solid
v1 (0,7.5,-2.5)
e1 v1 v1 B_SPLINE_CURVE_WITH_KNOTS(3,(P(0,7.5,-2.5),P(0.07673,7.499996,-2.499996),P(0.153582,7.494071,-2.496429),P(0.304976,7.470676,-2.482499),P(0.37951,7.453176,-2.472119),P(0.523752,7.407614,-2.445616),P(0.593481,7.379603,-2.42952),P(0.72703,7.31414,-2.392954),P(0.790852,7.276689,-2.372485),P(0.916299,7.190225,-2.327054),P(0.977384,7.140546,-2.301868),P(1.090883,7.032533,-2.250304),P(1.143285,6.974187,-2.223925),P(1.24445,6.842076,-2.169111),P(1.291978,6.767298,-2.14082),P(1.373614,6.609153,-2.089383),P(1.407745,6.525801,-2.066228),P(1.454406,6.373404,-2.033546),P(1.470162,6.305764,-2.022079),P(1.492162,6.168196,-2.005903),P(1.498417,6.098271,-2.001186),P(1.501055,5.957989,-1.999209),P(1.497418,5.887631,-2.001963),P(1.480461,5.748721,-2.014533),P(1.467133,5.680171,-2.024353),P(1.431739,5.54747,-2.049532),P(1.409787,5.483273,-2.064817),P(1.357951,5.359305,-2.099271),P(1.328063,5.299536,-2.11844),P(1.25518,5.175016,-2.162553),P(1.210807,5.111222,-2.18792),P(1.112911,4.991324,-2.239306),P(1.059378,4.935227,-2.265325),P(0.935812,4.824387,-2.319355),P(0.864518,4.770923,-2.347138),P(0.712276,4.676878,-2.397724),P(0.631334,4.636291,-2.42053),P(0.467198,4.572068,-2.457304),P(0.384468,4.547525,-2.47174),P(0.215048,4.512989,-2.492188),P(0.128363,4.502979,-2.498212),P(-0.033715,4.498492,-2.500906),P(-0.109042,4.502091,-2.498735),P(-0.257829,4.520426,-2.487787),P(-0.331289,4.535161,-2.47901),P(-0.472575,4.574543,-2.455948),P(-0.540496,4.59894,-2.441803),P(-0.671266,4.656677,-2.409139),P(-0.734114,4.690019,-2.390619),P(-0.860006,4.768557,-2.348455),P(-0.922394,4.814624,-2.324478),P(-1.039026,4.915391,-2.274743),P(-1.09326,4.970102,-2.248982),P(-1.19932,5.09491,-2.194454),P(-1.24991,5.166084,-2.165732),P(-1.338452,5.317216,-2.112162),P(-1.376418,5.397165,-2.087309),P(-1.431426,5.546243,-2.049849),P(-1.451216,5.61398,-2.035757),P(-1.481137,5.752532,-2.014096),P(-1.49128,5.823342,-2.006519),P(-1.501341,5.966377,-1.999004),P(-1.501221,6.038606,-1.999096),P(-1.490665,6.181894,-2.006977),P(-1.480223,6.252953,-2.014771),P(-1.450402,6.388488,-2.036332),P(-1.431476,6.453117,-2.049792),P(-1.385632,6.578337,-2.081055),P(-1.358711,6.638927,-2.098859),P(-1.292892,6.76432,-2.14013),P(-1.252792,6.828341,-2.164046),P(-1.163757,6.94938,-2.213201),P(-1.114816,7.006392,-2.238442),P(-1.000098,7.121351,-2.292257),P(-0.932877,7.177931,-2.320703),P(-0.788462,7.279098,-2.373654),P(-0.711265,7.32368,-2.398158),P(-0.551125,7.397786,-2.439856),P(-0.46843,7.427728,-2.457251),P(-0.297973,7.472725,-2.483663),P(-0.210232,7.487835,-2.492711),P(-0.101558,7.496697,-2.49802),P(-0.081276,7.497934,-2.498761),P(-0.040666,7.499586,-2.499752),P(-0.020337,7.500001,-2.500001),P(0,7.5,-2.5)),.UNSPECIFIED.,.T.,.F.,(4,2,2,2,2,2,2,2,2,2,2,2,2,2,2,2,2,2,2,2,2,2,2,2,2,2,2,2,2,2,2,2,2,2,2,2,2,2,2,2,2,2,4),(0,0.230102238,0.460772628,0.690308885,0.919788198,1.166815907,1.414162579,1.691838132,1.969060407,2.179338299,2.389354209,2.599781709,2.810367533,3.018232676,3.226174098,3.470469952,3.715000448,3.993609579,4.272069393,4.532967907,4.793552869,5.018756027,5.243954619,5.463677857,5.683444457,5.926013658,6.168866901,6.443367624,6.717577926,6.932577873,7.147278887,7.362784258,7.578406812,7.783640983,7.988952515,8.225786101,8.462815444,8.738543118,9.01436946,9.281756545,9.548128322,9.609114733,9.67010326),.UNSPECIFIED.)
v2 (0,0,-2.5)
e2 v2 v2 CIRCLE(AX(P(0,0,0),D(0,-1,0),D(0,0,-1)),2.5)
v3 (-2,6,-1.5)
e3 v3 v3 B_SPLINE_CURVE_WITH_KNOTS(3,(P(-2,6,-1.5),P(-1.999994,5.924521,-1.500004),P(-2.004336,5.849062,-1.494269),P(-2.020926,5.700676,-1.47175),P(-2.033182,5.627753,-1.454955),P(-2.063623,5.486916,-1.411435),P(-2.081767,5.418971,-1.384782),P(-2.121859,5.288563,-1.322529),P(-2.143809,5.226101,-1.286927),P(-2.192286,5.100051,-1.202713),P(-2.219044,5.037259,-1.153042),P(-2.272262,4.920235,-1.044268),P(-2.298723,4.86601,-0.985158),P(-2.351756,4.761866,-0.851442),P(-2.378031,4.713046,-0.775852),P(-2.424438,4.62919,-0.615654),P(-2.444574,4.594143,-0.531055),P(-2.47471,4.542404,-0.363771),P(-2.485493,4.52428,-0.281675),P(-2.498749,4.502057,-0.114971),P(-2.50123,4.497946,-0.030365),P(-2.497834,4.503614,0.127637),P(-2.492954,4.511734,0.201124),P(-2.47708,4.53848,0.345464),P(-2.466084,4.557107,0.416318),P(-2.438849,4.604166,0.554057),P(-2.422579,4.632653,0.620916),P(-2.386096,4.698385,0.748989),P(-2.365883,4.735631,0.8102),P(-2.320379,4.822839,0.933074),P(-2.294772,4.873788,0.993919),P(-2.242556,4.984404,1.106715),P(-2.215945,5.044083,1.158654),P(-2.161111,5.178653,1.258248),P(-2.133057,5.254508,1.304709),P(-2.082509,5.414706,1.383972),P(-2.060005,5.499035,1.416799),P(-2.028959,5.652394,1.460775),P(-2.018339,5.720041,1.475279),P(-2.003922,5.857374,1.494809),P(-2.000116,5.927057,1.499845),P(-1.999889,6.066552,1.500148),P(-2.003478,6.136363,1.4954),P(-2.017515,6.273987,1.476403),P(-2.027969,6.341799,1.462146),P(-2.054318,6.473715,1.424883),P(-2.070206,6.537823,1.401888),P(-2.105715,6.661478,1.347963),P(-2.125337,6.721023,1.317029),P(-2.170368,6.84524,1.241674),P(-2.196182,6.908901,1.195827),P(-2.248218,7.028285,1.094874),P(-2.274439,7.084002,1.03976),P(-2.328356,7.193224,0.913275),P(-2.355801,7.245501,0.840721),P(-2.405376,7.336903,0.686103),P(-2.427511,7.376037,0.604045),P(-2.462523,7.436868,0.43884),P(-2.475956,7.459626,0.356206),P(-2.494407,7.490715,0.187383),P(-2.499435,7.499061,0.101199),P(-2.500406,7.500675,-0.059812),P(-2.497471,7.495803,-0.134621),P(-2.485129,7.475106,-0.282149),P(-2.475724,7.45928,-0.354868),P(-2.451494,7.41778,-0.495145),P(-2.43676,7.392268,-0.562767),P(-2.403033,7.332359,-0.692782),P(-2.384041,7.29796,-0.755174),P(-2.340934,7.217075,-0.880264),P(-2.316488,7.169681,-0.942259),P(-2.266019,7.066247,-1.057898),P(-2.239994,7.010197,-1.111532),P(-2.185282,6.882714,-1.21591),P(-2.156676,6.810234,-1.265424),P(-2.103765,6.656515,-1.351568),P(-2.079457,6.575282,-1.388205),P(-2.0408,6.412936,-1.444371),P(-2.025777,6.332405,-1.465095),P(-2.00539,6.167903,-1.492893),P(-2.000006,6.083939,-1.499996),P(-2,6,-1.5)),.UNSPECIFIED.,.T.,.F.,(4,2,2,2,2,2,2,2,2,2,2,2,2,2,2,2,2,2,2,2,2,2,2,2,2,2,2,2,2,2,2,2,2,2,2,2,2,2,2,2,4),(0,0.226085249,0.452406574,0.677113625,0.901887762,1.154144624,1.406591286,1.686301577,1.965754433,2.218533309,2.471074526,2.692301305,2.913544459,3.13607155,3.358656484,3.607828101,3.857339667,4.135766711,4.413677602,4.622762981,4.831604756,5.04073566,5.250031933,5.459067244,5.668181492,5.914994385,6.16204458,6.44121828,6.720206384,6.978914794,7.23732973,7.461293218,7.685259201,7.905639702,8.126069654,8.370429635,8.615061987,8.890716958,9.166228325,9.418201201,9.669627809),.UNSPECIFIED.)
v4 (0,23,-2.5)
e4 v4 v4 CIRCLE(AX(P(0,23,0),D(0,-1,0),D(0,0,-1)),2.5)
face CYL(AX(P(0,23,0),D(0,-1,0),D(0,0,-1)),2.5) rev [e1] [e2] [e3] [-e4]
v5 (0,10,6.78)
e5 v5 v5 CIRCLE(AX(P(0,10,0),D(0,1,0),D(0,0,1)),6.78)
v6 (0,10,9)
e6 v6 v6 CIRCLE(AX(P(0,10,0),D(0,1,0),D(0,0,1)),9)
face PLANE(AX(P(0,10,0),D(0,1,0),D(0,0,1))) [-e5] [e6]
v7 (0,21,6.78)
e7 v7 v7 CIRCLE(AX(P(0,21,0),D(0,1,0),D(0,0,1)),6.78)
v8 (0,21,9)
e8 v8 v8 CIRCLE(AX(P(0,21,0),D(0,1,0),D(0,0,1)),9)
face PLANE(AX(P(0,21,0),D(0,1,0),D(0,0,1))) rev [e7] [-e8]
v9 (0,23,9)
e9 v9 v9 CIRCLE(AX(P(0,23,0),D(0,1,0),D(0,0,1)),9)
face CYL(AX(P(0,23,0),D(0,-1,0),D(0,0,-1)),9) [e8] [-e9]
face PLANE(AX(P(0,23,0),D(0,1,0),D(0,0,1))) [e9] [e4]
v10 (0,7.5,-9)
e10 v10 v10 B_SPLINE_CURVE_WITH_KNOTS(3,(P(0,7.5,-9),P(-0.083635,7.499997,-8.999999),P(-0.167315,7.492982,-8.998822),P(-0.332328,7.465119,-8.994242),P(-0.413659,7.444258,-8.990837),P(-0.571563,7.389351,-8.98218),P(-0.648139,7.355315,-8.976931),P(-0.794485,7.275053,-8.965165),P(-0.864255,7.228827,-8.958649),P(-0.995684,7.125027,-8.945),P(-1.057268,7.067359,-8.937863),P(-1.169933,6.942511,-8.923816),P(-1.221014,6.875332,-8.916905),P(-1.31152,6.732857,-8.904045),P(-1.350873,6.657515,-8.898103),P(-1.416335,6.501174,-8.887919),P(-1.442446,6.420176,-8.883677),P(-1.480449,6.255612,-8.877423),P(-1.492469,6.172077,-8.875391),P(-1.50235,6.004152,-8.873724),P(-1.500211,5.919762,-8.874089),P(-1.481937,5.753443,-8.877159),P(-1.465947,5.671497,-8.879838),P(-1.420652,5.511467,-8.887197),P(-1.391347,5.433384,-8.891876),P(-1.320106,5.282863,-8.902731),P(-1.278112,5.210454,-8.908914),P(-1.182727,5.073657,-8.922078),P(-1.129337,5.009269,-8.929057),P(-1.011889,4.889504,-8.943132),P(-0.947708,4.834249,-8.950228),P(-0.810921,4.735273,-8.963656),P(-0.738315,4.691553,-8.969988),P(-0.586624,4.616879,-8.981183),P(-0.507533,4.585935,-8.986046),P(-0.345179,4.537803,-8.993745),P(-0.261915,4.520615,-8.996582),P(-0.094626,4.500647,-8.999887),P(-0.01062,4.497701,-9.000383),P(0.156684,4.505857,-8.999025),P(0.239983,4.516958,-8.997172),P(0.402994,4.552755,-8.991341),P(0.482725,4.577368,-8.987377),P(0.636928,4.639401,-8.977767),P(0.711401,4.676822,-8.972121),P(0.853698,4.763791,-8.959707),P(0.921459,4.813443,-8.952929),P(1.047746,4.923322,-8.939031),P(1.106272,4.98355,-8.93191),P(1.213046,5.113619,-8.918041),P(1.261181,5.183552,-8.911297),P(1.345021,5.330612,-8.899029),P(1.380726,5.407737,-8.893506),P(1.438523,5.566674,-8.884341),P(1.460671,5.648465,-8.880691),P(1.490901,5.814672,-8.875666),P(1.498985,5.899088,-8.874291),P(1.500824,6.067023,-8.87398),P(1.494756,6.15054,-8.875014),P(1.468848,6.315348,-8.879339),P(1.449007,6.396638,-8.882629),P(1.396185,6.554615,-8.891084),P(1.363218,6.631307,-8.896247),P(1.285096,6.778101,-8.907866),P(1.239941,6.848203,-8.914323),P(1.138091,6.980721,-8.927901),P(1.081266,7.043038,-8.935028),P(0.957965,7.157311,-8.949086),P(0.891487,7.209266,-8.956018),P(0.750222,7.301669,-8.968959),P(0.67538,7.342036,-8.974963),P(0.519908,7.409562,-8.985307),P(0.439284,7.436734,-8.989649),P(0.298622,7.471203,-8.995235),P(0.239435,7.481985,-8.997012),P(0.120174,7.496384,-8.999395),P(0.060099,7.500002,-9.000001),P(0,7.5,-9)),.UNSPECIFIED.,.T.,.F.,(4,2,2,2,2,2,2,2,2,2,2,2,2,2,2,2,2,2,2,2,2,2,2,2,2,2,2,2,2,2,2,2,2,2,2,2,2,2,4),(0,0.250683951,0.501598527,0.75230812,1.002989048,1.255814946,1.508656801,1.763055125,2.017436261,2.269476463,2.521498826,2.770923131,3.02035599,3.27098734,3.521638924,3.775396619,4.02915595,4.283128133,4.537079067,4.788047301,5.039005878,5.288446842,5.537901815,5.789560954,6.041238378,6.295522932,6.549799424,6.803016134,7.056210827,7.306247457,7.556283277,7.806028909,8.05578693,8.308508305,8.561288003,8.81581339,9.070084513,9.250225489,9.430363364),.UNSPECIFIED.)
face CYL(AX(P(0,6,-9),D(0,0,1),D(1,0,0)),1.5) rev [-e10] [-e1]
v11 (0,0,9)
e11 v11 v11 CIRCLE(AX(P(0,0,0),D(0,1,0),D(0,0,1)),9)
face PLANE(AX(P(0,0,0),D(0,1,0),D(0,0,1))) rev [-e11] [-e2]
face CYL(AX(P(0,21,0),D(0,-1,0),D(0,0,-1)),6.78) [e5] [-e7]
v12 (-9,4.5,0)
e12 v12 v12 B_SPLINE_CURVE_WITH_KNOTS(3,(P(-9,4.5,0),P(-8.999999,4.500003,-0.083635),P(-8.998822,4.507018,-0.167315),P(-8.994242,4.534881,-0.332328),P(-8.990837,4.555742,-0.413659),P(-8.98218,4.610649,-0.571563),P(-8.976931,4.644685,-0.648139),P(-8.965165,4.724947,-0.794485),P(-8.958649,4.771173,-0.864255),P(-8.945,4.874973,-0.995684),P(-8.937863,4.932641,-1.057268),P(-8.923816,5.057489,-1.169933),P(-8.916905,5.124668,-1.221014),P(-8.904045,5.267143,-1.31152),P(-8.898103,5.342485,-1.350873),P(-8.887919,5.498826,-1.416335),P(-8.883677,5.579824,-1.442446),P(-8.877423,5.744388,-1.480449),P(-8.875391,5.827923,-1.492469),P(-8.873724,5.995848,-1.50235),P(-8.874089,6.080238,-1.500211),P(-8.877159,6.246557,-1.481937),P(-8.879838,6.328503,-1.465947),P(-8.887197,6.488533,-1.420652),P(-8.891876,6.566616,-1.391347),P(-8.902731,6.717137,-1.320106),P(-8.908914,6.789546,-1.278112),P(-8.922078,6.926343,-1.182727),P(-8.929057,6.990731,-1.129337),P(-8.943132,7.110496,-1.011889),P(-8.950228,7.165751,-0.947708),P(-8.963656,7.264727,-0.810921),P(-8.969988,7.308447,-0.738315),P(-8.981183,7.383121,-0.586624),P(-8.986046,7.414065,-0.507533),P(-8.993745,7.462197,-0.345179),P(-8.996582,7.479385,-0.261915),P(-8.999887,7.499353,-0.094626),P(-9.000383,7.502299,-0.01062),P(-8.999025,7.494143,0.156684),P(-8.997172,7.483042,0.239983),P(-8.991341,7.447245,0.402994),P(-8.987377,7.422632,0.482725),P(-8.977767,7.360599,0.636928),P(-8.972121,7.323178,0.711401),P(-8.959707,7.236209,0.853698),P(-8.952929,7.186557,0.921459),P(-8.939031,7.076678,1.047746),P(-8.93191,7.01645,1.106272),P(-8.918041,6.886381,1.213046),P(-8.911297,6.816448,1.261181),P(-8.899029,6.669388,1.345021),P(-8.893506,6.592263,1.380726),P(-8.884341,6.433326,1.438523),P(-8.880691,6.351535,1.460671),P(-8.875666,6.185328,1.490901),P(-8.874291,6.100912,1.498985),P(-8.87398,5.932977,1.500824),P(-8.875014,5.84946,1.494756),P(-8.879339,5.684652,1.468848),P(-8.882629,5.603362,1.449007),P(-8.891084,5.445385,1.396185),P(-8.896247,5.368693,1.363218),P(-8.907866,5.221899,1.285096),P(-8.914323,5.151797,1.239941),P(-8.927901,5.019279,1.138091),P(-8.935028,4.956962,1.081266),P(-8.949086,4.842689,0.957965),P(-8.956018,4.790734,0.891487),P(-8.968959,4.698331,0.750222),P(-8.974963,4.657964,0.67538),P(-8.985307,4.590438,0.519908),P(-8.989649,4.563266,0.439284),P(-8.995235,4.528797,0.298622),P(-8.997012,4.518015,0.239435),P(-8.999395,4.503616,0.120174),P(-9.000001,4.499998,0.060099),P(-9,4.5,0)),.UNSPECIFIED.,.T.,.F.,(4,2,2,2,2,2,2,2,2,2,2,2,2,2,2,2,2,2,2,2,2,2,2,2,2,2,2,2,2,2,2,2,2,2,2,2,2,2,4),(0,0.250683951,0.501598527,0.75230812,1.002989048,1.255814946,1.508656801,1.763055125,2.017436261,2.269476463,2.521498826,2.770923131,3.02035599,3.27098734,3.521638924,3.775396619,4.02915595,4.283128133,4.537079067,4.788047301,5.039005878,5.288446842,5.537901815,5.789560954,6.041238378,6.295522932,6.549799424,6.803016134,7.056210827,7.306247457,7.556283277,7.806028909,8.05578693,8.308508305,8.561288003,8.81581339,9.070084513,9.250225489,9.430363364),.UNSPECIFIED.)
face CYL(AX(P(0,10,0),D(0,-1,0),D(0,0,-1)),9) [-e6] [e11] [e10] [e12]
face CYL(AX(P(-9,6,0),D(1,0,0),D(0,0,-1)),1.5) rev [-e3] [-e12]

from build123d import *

# Parameters (mm, degrees)
SKETCH_1_R          = 9
EXTRUDE_1_DEPTH     = 10
SKETCH_2_R          = 6.78
EXTRUDE_2_DEPTH     = 11
SKETCH_3_R          = 9
EXTRUDE_3_DEPTH     = 2
SKETCH_5_R          = 2.5
CUT_EXTRUDE_1_DEPTH = 27.286878856
SKETCH_6_R          = 1.5
CUT_EXTRUDE_2_DEPTH = 27.286878856
SKETCH_7_R          = 1.5
CUT_EXTRUDE_3_DEPTH = 27.286879012


with BuildPart() as part:
    # 草图1 → 凸台-拉伸1 (new body)
    with BuildSketch(Plane(origin=(0, 0, 0), x_dir=(1, 0, 0), z_dir=(0, 1, 0))):
        with Locations(Location((0, 0, 0), (0, 0, 270))):
            Circle(SKETCH_1_R)
    extrude(amount=EXTRUDE_1_DEPTH)

    # 草图2 → 凸台-拉伸2 (add)
    with BuildSketch(Plane(origin=(0, 10, 0), x_dir=(1, 0, 0), z_dir=(0, 1, 0))):
        with Locations(Location((0, 0, 0), (0, 0, 270))):
            Circle(SKETCH_2_R)
    extrude(amount=EXTRUDE_2_DEPTH)

    # 草图3 → 凸台-拉伸3 (add)
    with BuildSketch(Plane(origin=(0, 21, 0), x_dir=(1, 0, 0), z_dir=(0, 1, 0))):
        with Locations(Location((0, 0, 0), (0, 0, 270))):
            Circle(SKETCH_3_R)
    extrude(amount=EXTRUDE_3_DEPTH)

    # 草图5 → 切除-拉伸1 (cut, through all)
    with BuildSketch(Plane.XZ):
        with Locations(Location((0, 0, 0), (0, 0, 270))):
            Circle(SKETCH_5_R)
    extrude(amount=-CUT_EXTRUDE_1_DEPTH, mode=Mode.SUBTRACT)

    # 草图6 → 切除-拉伸2 (cut, through all)
    with BuildSketch(Plane.XY):
        with Locations(Location((0, 6, 0), (0, 0, 90))):
            Circle(SKETCH_6_R)
    extrude(amount=-CUT_EXTRUDE_2_DEPTH, mode=Mode.SUBTRACT)

    # 草图7 → 切除-拉伸3 (cut, through all)
    with BuildSketch(Plane(origin=(0, 0, 0), x_dir=(0, 0, -1), z_dir=(1, 0, 0))):
        with Locations((0, 6)):
            Circle(SKETCH_7_R)
    extrude(amount=-CUT_EXTRUDE_3_DEPTH, mode=Mode.SUBTRACT)


solid = part.part
